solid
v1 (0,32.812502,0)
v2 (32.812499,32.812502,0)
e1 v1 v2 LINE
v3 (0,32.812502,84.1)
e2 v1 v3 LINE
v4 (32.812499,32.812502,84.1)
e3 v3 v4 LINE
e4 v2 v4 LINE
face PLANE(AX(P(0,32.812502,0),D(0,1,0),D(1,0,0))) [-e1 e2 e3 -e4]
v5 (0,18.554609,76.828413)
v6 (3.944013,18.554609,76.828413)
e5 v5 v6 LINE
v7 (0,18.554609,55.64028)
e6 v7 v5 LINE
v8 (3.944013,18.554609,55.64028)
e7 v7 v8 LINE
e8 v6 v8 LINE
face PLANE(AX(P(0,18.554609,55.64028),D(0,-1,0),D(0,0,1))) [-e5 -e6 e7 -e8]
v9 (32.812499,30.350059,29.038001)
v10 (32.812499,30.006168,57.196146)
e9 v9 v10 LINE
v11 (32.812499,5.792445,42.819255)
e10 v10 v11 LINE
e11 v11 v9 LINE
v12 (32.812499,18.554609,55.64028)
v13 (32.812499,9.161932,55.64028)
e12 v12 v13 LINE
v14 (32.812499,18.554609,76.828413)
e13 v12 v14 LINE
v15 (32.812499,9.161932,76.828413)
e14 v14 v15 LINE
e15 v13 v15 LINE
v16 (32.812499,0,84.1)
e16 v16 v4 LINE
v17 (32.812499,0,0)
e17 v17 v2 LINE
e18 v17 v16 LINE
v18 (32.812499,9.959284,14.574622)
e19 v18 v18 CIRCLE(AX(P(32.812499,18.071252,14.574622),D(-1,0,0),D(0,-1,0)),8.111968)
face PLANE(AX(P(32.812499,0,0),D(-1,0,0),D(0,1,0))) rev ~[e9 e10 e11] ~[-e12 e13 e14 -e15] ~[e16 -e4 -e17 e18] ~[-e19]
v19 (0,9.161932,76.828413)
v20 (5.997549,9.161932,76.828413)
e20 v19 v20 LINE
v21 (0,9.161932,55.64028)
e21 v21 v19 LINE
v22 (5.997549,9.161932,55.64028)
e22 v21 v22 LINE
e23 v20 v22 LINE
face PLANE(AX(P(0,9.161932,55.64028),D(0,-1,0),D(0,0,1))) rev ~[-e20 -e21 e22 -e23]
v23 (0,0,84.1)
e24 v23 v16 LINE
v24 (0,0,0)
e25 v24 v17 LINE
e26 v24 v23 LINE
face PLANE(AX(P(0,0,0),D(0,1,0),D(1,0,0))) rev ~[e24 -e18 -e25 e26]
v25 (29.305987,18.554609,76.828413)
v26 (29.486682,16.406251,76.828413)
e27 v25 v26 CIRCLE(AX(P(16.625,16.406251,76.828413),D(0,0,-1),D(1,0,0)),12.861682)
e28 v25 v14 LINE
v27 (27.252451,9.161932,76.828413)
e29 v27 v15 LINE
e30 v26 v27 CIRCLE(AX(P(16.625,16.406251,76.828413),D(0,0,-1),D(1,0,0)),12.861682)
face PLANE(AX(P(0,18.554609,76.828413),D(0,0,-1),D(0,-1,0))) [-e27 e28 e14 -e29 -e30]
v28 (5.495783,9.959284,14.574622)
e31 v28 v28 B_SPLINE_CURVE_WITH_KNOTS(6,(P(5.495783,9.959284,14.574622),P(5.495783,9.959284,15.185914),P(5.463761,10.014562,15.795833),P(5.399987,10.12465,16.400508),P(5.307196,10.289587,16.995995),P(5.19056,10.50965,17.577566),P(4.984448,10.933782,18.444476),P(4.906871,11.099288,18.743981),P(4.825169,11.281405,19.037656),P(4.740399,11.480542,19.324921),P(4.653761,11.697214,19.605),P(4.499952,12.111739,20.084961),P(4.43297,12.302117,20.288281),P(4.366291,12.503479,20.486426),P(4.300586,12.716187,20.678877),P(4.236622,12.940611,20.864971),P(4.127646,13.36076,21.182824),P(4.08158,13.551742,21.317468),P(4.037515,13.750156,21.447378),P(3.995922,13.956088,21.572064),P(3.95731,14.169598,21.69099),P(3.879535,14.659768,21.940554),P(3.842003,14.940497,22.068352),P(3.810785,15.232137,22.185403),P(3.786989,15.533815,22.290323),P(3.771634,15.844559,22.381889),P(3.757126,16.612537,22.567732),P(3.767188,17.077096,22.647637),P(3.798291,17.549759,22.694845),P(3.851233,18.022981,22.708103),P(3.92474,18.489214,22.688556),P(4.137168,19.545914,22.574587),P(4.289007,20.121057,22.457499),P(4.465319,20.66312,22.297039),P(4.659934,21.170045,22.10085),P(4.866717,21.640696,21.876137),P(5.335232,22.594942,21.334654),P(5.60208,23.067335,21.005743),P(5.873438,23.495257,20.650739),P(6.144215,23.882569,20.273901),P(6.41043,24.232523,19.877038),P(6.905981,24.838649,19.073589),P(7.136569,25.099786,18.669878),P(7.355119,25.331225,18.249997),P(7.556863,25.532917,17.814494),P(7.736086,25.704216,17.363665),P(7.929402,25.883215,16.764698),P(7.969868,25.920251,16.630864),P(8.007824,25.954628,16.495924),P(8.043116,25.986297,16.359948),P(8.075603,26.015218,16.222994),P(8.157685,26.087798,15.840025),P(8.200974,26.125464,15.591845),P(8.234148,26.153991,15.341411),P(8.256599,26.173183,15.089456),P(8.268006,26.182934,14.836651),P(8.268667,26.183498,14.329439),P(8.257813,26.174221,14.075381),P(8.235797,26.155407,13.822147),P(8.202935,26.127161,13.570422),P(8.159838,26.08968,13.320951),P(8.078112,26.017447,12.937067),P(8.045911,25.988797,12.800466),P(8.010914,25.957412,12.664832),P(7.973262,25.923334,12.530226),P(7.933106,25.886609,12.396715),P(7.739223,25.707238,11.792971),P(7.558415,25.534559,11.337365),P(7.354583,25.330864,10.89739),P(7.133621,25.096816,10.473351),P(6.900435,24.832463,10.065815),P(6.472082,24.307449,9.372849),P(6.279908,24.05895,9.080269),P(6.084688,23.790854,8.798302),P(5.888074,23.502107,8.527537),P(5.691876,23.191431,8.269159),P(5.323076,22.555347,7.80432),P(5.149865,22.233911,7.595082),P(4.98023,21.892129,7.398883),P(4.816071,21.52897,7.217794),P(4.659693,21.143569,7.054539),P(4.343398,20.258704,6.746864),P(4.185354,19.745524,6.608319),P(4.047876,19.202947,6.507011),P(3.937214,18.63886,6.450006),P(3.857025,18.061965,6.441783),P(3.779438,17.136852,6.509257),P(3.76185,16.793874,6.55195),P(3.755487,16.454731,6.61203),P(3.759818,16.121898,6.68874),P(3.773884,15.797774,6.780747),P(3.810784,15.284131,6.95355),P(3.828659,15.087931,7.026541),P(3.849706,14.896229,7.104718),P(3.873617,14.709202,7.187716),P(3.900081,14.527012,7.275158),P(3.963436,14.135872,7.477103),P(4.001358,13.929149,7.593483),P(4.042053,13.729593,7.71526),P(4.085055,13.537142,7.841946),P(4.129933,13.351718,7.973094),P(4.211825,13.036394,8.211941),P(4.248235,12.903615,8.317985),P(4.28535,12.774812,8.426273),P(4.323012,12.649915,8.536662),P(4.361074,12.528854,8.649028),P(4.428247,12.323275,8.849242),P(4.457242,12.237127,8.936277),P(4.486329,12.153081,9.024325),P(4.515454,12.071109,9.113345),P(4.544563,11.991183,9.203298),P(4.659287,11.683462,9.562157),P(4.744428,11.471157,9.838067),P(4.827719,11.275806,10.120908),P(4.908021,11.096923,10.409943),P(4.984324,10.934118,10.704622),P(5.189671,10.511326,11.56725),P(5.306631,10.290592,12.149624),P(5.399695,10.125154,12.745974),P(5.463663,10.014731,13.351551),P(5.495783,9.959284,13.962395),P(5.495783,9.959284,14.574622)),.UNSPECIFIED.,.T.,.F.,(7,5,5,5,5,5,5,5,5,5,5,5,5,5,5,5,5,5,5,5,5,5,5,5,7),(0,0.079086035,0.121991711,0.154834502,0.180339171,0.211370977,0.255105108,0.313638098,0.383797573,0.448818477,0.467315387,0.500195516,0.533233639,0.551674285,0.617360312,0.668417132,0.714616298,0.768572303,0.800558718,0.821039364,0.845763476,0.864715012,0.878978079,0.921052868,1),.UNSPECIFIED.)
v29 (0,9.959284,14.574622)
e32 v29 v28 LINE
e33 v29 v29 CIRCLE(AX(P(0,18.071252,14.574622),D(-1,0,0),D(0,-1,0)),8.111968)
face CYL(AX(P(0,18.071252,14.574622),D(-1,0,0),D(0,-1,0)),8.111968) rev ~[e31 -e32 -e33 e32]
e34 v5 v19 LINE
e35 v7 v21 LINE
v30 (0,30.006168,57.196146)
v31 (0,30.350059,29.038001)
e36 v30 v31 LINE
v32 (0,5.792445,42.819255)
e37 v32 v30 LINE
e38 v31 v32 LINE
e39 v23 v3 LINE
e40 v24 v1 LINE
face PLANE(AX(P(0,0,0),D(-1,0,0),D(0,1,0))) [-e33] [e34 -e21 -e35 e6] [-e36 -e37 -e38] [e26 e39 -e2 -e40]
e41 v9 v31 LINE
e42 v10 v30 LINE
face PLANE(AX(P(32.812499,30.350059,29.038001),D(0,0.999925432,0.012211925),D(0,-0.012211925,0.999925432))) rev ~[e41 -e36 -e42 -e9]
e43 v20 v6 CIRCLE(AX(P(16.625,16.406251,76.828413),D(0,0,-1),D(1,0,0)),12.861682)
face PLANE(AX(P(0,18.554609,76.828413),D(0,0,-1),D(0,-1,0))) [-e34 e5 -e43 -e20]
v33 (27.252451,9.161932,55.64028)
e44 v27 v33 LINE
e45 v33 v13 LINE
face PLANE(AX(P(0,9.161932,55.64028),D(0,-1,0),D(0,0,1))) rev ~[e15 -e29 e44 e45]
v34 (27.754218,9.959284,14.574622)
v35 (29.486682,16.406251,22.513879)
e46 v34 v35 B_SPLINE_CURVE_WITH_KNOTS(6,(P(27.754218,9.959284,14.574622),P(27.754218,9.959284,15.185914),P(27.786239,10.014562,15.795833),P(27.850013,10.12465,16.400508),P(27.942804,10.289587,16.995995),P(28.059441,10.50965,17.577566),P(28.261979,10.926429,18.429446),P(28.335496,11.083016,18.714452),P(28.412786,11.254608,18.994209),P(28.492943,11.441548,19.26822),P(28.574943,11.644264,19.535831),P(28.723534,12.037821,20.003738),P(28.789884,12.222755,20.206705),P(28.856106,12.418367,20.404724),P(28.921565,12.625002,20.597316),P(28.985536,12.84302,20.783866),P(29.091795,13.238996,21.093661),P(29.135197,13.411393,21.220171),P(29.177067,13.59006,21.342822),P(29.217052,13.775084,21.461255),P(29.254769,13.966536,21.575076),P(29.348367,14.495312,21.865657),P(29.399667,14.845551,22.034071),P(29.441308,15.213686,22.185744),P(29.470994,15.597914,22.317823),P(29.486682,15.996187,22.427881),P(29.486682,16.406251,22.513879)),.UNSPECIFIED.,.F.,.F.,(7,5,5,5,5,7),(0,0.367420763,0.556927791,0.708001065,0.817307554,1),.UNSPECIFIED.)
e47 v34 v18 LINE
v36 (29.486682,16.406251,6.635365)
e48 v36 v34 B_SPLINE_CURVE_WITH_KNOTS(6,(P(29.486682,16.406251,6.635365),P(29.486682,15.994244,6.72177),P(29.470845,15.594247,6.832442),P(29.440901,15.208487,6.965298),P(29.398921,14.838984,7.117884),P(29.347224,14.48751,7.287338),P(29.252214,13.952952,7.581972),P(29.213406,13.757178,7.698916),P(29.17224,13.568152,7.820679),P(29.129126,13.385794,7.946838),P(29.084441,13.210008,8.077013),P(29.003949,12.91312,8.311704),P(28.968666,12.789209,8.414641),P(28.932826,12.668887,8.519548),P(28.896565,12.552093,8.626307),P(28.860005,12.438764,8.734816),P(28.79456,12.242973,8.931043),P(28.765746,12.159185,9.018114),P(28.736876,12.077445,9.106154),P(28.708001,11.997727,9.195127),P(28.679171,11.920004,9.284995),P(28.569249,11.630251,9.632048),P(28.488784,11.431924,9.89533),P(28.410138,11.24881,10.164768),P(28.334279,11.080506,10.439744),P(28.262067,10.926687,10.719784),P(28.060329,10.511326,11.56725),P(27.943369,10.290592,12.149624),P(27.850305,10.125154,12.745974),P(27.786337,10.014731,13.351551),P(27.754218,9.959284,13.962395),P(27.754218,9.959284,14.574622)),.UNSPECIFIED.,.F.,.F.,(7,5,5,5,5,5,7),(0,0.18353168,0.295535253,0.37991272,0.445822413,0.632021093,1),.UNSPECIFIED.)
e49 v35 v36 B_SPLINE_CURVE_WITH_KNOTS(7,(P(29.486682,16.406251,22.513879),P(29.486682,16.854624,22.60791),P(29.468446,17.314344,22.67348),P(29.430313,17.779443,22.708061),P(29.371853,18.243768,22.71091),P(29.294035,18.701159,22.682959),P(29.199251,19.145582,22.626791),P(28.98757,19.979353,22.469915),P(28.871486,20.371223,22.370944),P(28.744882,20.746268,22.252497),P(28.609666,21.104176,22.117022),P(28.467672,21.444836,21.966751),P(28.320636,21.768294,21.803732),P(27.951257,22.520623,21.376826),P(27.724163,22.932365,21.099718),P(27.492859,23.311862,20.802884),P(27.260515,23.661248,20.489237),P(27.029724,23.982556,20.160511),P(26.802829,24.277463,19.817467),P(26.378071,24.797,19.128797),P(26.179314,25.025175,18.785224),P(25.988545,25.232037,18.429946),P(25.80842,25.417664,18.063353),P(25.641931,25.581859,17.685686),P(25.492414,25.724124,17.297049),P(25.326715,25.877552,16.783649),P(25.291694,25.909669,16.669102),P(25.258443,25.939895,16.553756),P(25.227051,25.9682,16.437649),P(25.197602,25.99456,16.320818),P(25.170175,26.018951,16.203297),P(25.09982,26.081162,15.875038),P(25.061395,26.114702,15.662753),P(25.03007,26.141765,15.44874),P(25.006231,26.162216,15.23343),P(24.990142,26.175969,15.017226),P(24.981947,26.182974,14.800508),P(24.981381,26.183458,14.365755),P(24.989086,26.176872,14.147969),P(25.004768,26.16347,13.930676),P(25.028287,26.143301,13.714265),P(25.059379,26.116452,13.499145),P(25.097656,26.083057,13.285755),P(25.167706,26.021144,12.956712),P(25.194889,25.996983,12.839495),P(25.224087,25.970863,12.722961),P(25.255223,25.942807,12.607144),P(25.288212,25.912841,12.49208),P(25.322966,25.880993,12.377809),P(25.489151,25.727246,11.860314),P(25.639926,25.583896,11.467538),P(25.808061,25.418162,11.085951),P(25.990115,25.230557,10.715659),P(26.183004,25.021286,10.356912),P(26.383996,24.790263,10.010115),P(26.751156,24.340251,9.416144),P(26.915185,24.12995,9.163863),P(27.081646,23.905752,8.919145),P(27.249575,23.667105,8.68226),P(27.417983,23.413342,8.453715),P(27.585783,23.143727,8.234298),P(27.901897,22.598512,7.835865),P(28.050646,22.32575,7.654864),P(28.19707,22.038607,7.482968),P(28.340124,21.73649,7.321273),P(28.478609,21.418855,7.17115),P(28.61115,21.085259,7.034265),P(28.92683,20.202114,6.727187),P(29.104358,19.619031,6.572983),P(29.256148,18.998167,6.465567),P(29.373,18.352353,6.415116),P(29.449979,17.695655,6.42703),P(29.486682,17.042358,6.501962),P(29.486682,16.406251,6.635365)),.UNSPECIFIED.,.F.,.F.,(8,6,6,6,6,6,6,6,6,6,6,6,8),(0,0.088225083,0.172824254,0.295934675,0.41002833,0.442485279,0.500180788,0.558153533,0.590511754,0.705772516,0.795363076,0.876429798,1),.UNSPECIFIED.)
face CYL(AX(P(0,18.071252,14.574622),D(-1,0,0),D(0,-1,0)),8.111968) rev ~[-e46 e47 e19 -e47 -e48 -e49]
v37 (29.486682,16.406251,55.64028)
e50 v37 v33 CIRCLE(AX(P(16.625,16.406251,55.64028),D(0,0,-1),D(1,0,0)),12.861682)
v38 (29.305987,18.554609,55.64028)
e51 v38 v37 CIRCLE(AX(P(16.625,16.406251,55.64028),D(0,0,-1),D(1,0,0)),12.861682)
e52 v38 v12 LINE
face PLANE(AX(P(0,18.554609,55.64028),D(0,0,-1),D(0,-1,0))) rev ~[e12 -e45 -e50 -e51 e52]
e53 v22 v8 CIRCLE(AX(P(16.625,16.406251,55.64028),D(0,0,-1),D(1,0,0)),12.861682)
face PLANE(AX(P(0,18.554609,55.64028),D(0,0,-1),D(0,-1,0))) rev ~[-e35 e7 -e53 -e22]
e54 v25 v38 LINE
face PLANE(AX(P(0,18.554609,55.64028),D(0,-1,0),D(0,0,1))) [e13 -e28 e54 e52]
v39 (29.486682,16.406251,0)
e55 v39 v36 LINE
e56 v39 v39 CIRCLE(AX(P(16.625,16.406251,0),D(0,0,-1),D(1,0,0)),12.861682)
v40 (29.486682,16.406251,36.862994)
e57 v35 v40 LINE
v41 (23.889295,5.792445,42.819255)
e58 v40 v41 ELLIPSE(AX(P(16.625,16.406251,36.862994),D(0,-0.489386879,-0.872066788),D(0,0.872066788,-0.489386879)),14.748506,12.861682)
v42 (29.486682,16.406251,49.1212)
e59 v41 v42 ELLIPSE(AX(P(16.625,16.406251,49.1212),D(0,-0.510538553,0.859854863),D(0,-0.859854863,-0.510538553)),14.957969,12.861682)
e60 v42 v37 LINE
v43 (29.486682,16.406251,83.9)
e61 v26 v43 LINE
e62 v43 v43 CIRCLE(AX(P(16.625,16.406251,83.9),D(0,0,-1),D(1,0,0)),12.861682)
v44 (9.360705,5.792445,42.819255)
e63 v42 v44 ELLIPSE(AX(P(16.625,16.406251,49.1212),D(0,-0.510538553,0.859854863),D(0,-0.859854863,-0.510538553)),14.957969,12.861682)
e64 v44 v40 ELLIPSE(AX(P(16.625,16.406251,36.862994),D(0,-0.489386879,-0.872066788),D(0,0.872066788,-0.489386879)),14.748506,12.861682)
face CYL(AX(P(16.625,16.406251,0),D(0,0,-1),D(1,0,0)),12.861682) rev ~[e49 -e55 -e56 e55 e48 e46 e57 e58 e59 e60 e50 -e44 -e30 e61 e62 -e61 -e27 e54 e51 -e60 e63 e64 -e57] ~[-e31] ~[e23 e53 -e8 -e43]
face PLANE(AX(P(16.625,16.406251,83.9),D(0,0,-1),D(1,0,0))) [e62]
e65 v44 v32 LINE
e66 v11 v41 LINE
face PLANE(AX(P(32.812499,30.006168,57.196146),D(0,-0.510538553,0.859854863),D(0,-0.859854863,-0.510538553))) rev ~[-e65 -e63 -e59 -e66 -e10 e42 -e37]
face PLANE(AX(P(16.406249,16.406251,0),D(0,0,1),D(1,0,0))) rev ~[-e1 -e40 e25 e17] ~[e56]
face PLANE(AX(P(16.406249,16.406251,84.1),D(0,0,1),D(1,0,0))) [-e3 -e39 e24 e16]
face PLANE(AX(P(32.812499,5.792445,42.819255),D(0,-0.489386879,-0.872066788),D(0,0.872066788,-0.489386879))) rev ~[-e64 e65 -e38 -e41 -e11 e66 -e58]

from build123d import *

# Parameters (mm, degrees)
F0_W      = 32.8124985099
F0_H      = 32.8125022352
F1_DEPTH  = 84.1
F2_R      = 18.0617046785
F3_DEPTH  = 25
F4_R      = 12.861682219
F5_DEPTH  = 83.9
F6_R      = 12.5847574658
F7_DEPTH  = 95.8
F9_DEPTH  = 47.1
F10_R     = 8.1119683514
F11_DEPTH = 55.8
F12_W     = 9.392676875
F12_H     = 21.1881324649
F13_DEPTH = 42.9


with BuildPart() as f1:
    # F0 (on Top) → F1 (new body)
    with BuildSketch(Plane.XY):
        with Locations((16.4062492549, 16.4062511176)):
            Rectangle(F0_W, F0_H)
    extrude(amount=F1_DEPTH)

    # F2 (on Front) → F3 (cut)
    with BuildSketch(Plane.XZ):
        with Locations((-41.3749553263, 38.6410132051)):
            Circle(F2_R)
    extrude(amount=-F3_DEPTH, mode=Mode.SUBTRACT)

    # F4 (on face) → F5 (cut)
    with BuildSketch(Plane(origin=(0, 0, 0), x_dir=(1, 0, 0), z_dir=(0, 0, -1))):
        with Locations((16.6250001639, -16.4062511176)):
            Circle(F4_R)
    extrude(amount=-F5_DEPTH, mode=Mode.SUBTRACT)

    # F6 (on face) → F7 (cut)
    with BuildSketch(Plane(origin=(0, 0, 83.9), x_dir=(1, 0, 0), z_dir=(0, 0, -1))):
        with Locations((16.6250001639, -16.4062511176)):
            Circle(F6_R)
    extrude(amount=F7_DEPTH, mode=Mode.SUBTRACT)

    # F8 (on face) → F9 (cut)
    with BuildSketch(Plane.YZ.offset(32.8124985099)):
        Polygon((30.0061684702, 57.1961463892), (5.7924445118, 42.8192554511), (30.3500592709, 29.0380008519), align=None)
    extrude(amount=-F9_DEPTH, mode=Mode.SUBTRACT)

    # F10 (on face) → F11 (cut)
    with BuildSketch(Plane(origin=(0, 0, 0), x_dir=(0, -1, 0), z_dir=(-1, 0, 0))):
        with Locations((-18.0712518913, 14.5746218041)):
            Circle(F10_R)
    extrude(amount=-F11_DEPTH, mode=Mode.SUBTRACT)

    # F12 (on face) → F13 (cut)
    with BuildSketch(Plane(origin=(0, 0, 0), x_dir=(0, -1, 0), z_dir=(-1, 0, 0))):
        with Locations((-13.8582708314, 66.2343464792)):
            Rectangle(F12_W, F12_H)
    extrude(amount=-F13_DEPTH, mode=Mode.SUBTRACT)


solid = f1.part
